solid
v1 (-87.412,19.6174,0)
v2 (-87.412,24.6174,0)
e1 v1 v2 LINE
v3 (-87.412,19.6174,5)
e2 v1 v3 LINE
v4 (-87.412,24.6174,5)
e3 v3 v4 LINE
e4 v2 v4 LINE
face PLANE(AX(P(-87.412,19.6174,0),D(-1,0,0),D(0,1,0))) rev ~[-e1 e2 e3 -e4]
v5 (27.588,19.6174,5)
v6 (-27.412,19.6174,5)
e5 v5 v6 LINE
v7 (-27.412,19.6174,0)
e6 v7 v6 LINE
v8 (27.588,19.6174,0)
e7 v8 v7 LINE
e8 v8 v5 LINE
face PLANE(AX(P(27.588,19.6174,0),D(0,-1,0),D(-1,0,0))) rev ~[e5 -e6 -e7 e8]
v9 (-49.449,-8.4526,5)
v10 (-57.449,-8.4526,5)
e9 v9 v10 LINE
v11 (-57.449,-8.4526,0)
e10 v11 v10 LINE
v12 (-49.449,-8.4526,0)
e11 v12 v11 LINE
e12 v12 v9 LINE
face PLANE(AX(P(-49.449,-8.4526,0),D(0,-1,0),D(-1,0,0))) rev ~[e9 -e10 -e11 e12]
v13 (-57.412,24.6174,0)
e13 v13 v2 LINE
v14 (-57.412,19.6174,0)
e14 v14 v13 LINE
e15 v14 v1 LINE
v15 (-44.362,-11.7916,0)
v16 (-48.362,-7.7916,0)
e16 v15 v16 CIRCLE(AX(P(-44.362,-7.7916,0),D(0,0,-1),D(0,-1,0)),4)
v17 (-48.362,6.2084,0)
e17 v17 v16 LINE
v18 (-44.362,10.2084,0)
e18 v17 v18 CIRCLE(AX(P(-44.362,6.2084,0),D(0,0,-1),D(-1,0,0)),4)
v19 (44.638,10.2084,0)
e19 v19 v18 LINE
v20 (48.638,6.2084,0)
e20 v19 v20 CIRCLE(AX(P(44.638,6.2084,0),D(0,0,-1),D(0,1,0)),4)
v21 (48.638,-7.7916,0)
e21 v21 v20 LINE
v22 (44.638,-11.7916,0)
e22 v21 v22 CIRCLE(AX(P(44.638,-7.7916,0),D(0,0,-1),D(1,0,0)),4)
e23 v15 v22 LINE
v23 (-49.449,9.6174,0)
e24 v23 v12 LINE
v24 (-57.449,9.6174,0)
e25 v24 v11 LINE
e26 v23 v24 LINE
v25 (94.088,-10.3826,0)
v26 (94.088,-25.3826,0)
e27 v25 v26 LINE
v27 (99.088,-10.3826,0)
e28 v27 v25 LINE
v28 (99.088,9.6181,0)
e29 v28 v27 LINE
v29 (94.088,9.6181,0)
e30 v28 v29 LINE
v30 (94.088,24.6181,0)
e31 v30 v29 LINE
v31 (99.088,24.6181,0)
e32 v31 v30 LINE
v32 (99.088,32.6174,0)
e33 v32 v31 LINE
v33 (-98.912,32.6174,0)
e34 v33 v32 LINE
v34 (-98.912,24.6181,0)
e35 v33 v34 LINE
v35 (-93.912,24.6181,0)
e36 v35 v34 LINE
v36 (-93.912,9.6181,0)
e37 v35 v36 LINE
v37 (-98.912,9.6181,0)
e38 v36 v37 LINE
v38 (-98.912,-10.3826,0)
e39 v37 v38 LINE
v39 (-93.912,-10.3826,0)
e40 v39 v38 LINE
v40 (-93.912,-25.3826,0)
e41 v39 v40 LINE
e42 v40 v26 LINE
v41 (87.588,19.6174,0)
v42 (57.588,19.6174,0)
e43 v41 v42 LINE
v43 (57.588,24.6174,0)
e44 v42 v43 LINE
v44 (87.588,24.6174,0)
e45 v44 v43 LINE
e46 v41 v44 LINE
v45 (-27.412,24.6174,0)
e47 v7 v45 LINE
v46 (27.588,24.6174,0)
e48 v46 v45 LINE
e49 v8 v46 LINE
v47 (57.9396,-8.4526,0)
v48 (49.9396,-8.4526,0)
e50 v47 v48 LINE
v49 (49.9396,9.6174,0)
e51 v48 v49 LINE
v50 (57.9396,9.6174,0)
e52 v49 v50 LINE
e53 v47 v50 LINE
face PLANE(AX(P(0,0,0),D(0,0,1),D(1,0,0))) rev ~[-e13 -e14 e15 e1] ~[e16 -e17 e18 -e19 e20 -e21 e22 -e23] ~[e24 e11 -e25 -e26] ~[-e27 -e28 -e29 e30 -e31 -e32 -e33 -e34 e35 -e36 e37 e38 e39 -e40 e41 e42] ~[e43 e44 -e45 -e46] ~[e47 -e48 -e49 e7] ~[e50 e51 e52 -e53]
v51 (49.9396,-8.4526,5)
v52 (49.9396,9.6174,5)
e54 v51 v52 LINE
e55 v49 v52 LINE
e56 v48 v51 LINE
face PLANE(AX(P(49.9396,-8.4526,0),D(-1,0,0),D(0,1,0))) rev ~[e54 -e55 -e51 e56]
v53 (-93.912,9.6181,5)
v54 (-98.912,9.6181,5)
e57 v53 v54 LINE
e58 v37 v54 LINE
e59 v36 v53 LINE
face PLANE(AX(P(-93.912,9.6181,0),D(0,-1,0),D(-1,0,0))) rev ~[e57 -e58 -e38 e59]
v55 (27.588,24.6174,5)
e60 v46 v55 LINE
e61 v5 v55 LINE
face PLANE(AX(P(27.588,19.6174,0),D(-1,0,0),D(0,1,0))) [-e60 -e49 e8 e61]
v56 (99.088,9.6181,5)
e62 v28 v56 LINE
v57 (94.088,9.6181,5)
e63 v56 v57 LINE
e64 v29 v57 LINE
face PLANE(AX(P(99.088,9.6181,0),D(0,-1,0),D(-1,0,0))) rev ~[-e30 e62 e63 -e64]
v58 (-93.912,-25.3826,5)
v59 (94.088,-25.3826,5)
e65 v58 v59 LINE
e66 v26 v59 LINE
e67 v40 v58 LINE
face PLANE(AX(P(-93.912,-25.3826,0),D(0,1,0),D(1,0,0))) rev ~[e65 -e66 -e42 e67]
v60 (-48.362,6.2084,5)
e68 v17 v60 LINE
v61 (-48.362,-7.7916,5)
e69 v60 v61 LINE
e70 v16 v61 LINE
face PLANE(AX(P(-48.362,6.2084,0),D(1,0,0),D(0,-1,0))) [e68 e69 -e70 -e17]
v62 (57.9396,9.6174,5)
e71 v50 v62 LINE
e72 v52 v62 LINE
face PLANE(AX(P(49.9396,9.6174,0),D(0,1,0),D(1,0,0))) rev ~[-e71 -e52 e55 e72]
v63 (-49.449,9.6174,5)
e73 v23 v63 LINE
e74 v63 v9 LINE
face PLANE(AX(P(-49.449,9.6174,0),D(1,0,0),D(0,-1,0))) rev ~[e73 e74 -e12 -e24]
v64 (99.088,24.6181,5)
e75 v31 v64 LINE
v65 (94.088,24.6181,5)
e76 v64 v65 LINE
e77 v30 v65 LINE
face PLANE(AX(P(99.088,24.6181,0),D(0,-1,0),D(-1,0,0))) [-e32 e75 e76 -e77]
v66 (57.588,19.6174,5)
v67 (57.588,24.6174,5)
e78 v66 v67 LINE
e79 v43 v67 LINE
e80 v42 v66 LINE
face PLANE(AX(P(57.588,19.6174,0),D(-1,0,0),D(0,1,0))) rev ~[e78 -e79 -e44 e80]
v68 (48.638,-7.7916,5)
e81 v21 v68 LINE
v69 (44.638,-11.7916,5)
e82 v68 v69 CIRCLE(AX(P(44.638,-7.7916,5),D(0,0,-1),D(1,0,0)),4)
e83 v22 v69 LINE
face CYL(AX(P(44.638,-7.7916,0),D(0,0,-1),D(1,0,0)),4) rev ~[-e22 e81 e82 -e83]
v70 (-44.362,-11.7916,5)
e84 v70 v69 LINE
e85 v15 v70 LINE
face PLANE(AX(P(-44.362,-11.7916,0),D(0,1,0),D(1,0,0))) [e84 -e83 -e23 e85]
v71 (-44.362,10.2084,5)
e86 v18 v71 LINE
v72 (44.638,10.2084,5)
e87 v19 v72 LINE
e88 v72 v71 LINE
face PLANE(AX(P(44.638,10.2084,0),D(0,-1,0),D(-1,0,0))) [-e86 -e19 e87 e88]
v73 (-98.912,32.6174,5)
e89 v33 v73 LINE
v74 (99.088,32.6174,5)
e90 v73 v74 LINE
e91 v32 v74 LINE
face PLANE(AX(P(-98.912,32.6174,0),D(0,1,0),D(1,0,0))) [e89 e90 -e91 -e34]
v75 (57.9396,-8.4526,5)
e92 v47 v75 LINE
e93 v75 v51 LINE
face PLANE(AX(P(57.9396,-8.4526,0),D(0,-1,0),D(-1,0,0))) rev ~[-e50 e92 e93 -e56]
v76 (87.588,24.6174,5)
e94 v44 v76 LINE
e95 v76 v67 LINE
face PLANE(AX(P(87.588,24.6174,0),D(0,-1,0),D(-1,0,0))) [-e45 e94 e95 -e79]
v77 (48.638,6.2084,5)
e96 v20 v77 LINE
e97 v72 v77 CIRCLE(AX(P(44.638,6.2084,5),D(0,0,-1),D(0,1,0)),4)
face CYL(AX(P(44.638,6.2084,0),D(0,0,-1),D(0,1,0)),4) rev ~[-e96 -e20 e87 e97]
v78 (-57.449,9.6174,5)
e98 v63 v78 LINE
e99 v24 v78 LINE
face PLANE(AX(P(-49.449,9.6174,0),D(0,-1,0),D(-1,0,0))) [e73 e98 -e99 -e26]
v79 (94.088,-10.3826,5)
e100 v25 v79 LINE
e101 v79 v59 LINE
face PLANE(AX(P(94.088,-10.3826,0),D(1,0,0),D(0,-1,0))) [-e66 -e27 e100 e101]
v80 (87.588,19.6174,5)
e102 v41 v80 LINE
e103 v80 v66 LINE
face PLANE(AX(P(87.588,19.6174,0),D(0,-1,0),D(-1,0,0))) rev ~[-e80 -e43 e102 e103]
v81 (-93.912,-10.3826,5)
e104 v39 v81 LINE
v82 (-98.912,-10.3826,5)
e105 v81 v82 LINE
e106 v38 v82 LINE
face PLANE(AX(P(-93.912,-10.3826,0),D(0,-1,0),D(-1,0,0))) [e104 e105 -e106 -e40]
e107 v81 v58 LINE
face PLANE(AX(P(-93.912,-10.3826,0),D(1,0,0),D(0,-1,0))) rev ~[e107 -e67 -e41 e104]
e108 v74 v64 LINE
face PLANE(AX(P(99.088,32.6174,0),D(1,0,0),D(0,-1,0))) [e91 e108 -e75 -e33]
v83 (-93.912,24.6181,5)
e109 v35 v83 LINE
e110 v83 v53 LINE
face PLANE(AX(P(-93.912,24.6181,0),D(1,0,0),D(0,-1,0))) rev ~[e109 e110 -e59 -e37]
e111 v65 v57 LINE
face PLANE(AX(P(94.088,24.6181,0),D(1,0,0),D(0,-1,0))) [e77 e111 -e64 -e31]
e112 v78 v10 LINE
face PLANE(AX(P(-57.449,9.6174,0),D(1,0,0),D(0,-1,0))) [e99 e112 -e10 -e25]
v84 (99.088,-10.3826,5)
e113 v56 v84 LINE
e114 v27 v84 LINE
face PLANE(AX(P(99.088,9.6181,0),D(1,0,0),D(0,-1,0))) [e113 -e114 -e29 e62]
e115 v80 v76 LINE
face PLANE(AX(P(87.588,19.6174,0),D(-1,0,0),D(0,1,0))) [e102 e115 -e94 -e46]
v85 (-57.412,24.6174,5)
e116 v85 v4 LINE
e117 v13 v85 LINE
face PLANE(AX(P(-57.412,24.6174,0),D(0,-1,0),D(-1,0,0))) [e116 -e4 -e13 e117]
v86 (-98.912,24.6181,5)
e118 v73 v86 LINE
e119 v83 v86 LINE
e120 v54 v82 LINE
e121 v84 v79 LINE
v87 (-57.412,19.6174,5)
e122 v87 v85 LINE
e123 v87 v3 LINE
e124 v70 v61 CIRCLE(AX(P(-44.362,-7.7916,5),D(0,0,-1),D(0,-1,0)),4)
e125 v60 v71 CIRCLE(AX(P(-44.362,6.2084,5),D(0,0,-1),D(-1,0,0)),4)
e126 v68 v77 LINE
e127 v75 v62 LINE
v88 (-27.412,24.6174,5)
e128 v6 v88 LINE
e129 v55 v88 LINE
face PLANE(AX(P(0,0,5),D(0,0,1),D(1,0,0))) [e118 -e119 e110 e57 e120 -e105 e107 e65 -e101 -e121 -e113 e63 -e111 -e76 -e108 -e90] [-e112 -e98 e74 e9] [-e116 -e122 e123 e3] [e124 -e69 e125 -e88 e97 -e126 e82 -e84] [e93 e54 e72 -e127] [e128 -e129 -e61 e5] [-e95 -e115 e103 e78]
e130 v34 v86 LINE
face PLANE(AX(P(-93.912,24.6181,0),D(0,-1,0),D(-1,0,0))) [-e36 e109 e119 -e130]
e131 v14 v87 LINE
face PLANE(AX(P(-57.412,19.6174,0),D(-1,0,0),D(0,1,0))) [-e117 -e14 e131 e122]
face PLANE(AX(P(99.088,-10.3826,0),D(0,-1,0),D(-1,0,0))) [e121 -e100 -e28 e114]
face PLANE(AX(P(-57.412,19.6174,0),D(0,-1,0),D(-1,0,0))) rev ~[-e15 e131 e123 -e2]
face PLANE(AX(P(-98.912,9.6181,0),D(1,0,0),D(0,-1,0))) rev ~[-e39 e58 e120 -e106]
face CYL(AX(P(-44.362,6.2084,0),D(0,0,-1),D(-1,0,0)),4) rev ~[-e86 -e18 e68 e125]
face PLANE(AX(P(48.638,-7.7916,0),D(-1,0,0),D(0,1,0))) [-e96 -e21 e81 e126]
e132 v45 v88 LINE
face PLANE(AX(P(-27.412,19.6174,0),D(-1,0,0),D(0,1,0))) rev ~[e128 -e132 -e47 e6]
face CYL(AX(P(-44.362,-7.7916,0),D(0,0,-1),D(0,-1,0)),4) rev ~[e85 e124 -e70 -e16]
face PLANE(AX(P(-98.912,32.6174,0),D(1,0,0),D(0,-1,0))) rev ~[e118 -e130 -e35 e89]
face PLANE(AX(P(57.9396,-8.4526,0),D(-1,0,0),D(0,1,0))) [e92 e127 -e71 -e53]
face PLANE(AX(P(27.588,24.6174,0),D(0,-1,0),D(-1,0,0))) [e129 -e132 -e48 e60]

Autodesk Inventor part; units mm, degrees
ref_plane "YZ Plane" through (0, 0, 0) normal (1, 0, 0) x (0, 1, 0)
ref_plane "XZ Plane" through (0, 0, 0) normal (0, 1, 0) x (-1, 0, 0)
ref_plane "XY Plane" through (0, 0, 0) normal (0, 0, 1) x (1, 0, 0)
sketch "Sketch1" plane through (0, 0, 0) normal (0, 0, 1) x (1, 0, 0)
  line L0 (49.9396, 9.6174) -> (57.9396, 9.6174)
  line L1 (57.9396, -8.4526) -> (49.9396, -8.4526)
  line L2 (49.9396, -8.4526) -> (49.9396, 9.6174)
  line L3 (57.9396, -8.4526) -> (57.9396, 9.6174)
  line L4 (-49.449, 9.6174) -> (-49.449, -8.4526)
  line L5 (-49.449, -8.4526) -> (-57.449, -8.4526)
  line L6 (-57.449, 9.6174) -> (-57.449, -8.4526)
  line L7 (-45.5464, 0.7392) -> (-34.5464, 0.7392)
  line L8 (-33.5464, 1.7392) -> (-33.5464, 6.2392)
  line L9 (-34.5464, 7.2392) -> (-45.5464, 7.2392)
  line L10 (-46.5464, 6.2392) -> (-46.5464, 1.7392)
  line L11 (-30.5291, -2.0275) -> (3.4709, -2.0275)
  line L12 (4.4709, -1.0275) -> (4.4709, 3.9725)
  line L13 (-31.5291, 3.9725) -> (-31.5291, -1.0275)
  circle A0 centre (-88.9996, -15.383) radius 1.5
  circle A1 centre (-64.9996, -15.383) radius 1.5
  circle A2 centre (-64.9996, 8.617) radius 1.5
  circle A3 centre (-88.9996, 8.617) radius 1.5
  arc A4 (-82.1595, 3.0543) -> (-82.1595, -9.8202) centre (-76.9996, -3.383) ccw
  arc A5 (-79.9944, -11.0702) -> (-68.8448, -4.633) centre (-76.9996, -3.383) ccw
  arc A6 (-68.8448, -2.133) -> (-79.9944, 4.3043) centre (-76.9996, -3.383) ccw
  arc A7 (-82.0034, -16.8856) -> (-62.804, -5.8009) centre (-76.9996, -3.383) ccw
  arc A8 (-63.7898, -2.133) -> (-62.804, -0.9651) centre (-63.7898, -1.133) ccw
  arc A9 (-62.804, -0.9651) -> (-82.0034, 10.1197) centre (-76.9996, -3.383) ccw
  arc A10 (-82.0034, 10.1197) -> (-82.5219, 8.682) centre (-81.6559, 9.182) ccw
  line L14 (-82.5219, 8.682) -> (-79.9944, 4.3043)
  line L15 (-82.1595, 3.0543) -> (-84.687, 7.432)
  arc A11 (-84.687, 7.432) -> (-86.1913, 7.7018) centre (-85.553, 6.932) ccw
  arc A12 (-86.1913, 7.7018) -> (-86.1913, -14.4677) centre (-76.9996, -3.383) ccw
  arc A13 (-86.1913, -14.4677) -> (-84.687, -14.1979) centre (-85.553, -13.6979) ccw
  line L16 (-84.687, -14.1979) -> (-82.1595, -9.8202)
  arc A14 (-82.5219, -15.4479) -> (-82.0034, -16.8856) centre (-81.6559, -15.9479) ccw
  line L17 (-79.9944, -11.0702) -> (-82.5219, -15.4479)
  line L18 (-63.7898, -4.633) -> (-68.8448, -4.633)
  arc A15 (-62.804, -5.8009) -> (-63.7898, -4.633) centre (-63.7898, -5.633) ccw
  line L19 (-68.8448, -2.133) -> (-63.7898, -2.133)
  circle A16 centre (64.9975, -15.3839) radius 1.5
  circle A17 centre (88.9975, -15.3839) radius 1.5
  circle A18 centre (88.9975, 8.6161) radius 1.5
  circle A19 centre (64.9975, 8.6161) radius 1.5
  line L20 (71.4751, 8.6811) -> (74.0026, 4.3033)
  arc A20 (71.9936, 10.1188) -> (71.4751, 8.6811) centre (72.3411, 9.1811) ccw
  arc A21 (91.193, -0.966) -> (71.9936, 10.1188) centre (76.9975, -3.3839) ccw
  arc A22 (85.1522, -2.1339) -> (74.0026, 4.3033) centre (76.9975, -3.3839) ccw
  line L21 (85.1522, -2.1339) -> (90.2072, -2.1339)
  arc A23 (90.2072, -2.1339) -> (91.193, -0.966) centre (90.2072, -1.1339) ccw
  arc A24 (91.193, -5.8018) -> (90.2072, -4.6339) centre (90.2072, -5.6339) ccw
  arc A25 (71.9936, -16.8866) -> (91.193, -5.8018) centre (76.9975, -3.3839) ccw
  arc A26 (74.0026, -11.0711) -> (85.1522, -4.6339) centre (76.9975, -3.3839) ccw
  line L22 (74.0026, -11.0711) -> (71.4751, -15.4489)
  line L23 (69.31, -14.1989) -> (71.8375, -9.8211)
  arc A27 (67.8057, -14.4686) -> (69.31, -14.1989) centre (68.444, -13.6989) ccw
  arc A28 (67.8057, 7.7009) -> (67.8057, -14.4686) centre (76.9975, -3.3839) ccw
  arc A29 (71.8375, 3.0533) -> (71.8375, -9.8211) centre (76.9975, -3.3839) ccw
  line L24 (71.8375, 3.0533) -> (69.31, 7.4311)
  arc A30 (69.31, 7.4311) -> (67.8057, 7.7009) centre (68.444, 6.9311) ccw
  arc A31 (71.4751, -15.4489) -> (71.9936, -16.8866) centre (72.3411, -15.9489) ccw
  line L25 (90.2072, -4.6339) -> (85.1522, -4.6339)
  line L26 (-49.449, 9.6174) -> (-57.449, 9.6174)
  line L27 (3.4709, 4.9725) -> (-30.5291, 4.9725)
  arc A32 (-34.5464, 0.7392) -> (-33.5464, 1.7392) centre (-34.5464, 1.7392) ccw
  arc A33 (-33.5464, 6.2392) -> (-34.5464, 7.2392) centre (-34.5464, 6.2392) ccw
  arc A34 (-45.5464, 7.2392) -> (-46.5464, 6.2392) centre (-45.5464, 6.2392) ccw
  arc A35 (-46.5464, 1.7392) -> (-45.5464, 0.7392) centre (-45.5464, 1.7392) ccw
  arc A36 (-31.5291, -1.0275) -> (-30.5291, -2.0275) centre (-30.5291, -1.0275) ccw
  arc A37 (-30.5291, 4.9725) -> (-31.5291, 3.9725) centre (-30.5291, 3.9725) ccw
  arc A38 (4.4709, 3.9725) -> (3.4709, 4.9725) centre (3.4709, 3.9725) ccw
  arc A39 (3.4709, -2.0275) -> (4.4709, -1.0275) centre (3.4709, -1.0275) ccw
  line L28 (-57.412, 19.6174) -> (-87.412, 19.6174) projected
  line L29 (-87.412, 19.6174) -> (-87.412, 24.6174) projected
  line L30 (-57.412, 24.6174) -> (-87.412, 24.6174) projected
  line L31 (-57.412, 19.6174) -> (-57.412, 24.6174) projected
  line L32 (27.588, 19.6174) -> (-27.412, 19.6174) projected
  line L33 (-27.412, 19.6174) -> (-27.412, 24.6174) projected
  line L34 (27.588, 24.6174) -> (-27.412, 24.6174) projected
  line L35 (27.588, 19.6174) -> (27.588, 24.6174) projected
  line L36 (87.588, 19.6174) -> (57.588, 19.6174) projected
  line L37 (57.588, 19.6174) -> (57.588, 24.6174) projected
  line L38 (87.588, 24.6174) -> (57.588, 24.6174) projected
  line L39 (87.588, 19.6174) -> (87.588, 24.6174) projected
  line L40 (94.088, -10.3826) -> (94.088, -25.3826) projected
  line L41 (99.088, -10.3826) -> (94.088, -10.3826) projected
  line L42 (99.088, 9.6181) -> (99.088, -10.3826) projected
  line L43 (99.088, 9.6181) -> (94.088, 9.6181) projected
  line L44 (94.088, 24.6181) -> (94.088, 9.6181) projected
  line L45 (99.088, 24.6181) -> (94.088, 24.6181) projected
  line L46 (99.088, 32.6174) -> (99.088, 24.6181) projected
  line L47 (-98.912, 32.6174) -> (-98.912, 24.6181) projected
  line L48 (-93.912, 24.6181) -> (-98.912, 24.6181) projected
  line L49 (-93.912, 24.6181) -> (-93.912, 9.6181) projected
  line L50 (-93.912, 9.6181) -> (-98.912, 9.6181) projected
  line L51 (-98.912, 9.6181) -> (-98.912, -10.3826) projected
  line L52 (-93.912, -10.3826) -> (-98.912, -10.3826) projected
  line L53 (-93.912, -10.3826) -> (-93.912, -25.3826) projected
  line L54 (-98.912, 32.6174) -> (99.088, 32.6174)
  line L55 (-93.912, -25.3826) -> (94.088, -25.3826)
  arc A40 (15.5314, -3.6707) -> (16.5314, -2.6707) centre (15.5314, -2.6707) ccw
  arc A41 (16.5314, 5.8293) -> (15.5314, 6.8293) centre (15.5314, 5.8293) ccw
  line L56 (5.7314, -2.6707) -> (5.7314, 5.8293)
  arc A42 (5.7314, -2.6707) -> (6.7314, -3.6707) centre (6.7314, -2.6707) ccw
  arc A43 (6.7314, 6.8293) -> (5.7314, 5.8293) centre (6.7314, 5.8293) ccw
  line L57 (6.7314, 6.8293) -> (15.5314, 6.8293)
  line L58 (6.7314, -3.6707) -> (15.5314, -3.6707)
  line L59 (23.4252, 0.4179) -> (23.4252, -9.0821)
  line L60 (37.4252, 1.4179) -> (24.4252, 1.4179)
  line L61 (24.4252, -10.0821) -> (37.4252, -10.0821)
  line L62 (38.4252, -9.0821) -> (38.4252, 0.4179)
  line L63 (16.5314, -2.6707) -> (16.5314, 5.8293)
  arc A44 (24.4252, 1.4179) -> (23.4252, 0.4179) centre (24.4252, 0.4179) ccw
  arc A45 (23.4252, -9.0821) -> (24.4252, -10.0821) centre (24.4252, -9.0821) ccw
  arc A46 (37.4252, -10.0821) -> (38.4252, -9.0821) centre (37.4252, -9.0821) ccw
  arc A47 (38.4252, 0.4179) -> (37.4252, 1.4179) centre (37.4252, 0.4179) ccw
  point P0 (-50.5662, -19.8134)
  point P1 (94.0004, -33.3808)
  point P2 (-46.5464, 0.7392)
  point P3 (-33.5464, 7.2392)
  point P4 (-33.5464, 0.7392)
  point P5 (-46.5464, 7.2392)
  point P6 (-31.5291, -2.0275)
  point P7 (4.4709, 4.9725)
  point P8 (4.4709, -2.0275)
  point P9 (-31.5291, 4.9725)
  point P10 (3.4709, -1.0275)
  point P11 (23.4252, 1.4179)
  point P12 (5.7314, -3.6707)
  point P13 (16.5314, 6.8293)
  point P14 (16.5314, -3.6707)
  point P15 (23.4252, -10.0821)
  point P16 (38.4252, -10.0821)
  point P17 (38.4252, 1.4179)
  dimension "d20" = 8
  dimension "d47" = 8
  dimension "d53" = 6.5
  dimension "d54" = 13
  dimension "d56" = 36
  dimension "d59" = 1
  dimension "d60" = 7
  dimension "d73" = 10.5
  dimension "d74" = 10.8
  dimension "d75" = 11.5
  dimension "d76" = 15
extrude "Extrusion2" add sketch "Sketch1" along normal blind 5
sketch "Sketch2" plane through (0, 0, 0) normal (0, 0, -1) x (-1, 0, 0)
  line L0 (92.3846, -19.3253) -> (61.6146, -19.3253)
  line L1 (61.6146, -19.3253) -> (61.6146, 12.5593)
  line L2 (61.6146, 12.5593) -> (92.3846, 12.5593)
  line L3 (92.3846, 12.5593) -> (92.3846, -19.3253)
  arc A0 (82.1595, -9.8202) -> (82.1595, 3.0543) centre (76.9996, -3.383) ccw projected
  line L4 (92.3846, -19.3253) -> (61.6146, 12.5593) construction
  line L5 (61.6146, -19.3253) -> (92.3846, 12.5593) construction
  line L6 (-61.3514, -21.1002) -> (-92.6435, -21.1002)
  line L7 (-92.6435, -21.1002) -> (-92.6435, 14.3324)
  line L8 (-92.6435, 14.3324) -> (-61.3514, 14.3324)
  line L9 (-61.3514, 14.3324) -> (-61.3514, -21.1002)
  arc A1 (-67.8057, -14.4686) -> (-67.8057, 7.7009) centre (-76.9975, -3.3839) ccw projected
  line L10 (-61.3514, -21.1002) -> (-92.6435, 14.3324) construction
  line L11 (-92.6435, -21.1002) -> (-61.3514, 14.3324) construction
  point P0 (0, 0)
extrude "Extrusion3" add sketch "Sketch2" against normal blind 5
sketch "Sketch3" plane through (0, 0, 0) normal (0, 0, -1) x (-1, 0, 0)
  line L0 (44.362, -11.7916) -> (-44.638, -11.7916)
  line L1 (-48.638, -7.7916) -> (-48.638, 6.2084)
  line L2 (-44.638, 10.2084) -> (44.362, 10.2084)
  line L3 (48.362, 6.2084) -> (48.362, -7.7916)
  line L4 (48.362, -11.7916) -> (-48.638, 10.2084) construction
  line L5 (-48.638, -11.7916) -> (48.362, 10.2084) construction
  arc A0 (44.362, -11.7916) -> (48.362, -7.7916) centre (44.362, -7.7916) ccw
  arc A1 (-48.638, -7.7916) -> (-44.638, -11.7916) centre (-44.638, -7.7916) ccw
  arc A2 (-44.638, 10.2084) -> (-48.638, 6.2084) centre (-44.638, 6.2084) ccw
  arc A3 (48.362, 6.2084) -> (44.362, 10.2084) centre (44.362, 6.2084) ccw
  line L6 (-99.088, -10.3826) -> (-99.088, 9.6181) projected
  line L7 (-99.088, 32.6174) -> (98.912, 32.6174) projected
  line L8 (98.912, 9.6181) -> (98.912, -10.3826) projected
  point P0 (0, 0)
  point P1 (-0.138, -0.7916)
  point P2 (-48.638, -0.7916)
  dimension "d79" = 97
  dimension "d80" = 22
  dimension "d81" = 4
  dimension "d83" = 22.409
  dimension "d84" = 50.55
extrude "Extrusion4" cut sketch "Sketch3" against normal blind 5
properties part number "case top back" material "Lead"
